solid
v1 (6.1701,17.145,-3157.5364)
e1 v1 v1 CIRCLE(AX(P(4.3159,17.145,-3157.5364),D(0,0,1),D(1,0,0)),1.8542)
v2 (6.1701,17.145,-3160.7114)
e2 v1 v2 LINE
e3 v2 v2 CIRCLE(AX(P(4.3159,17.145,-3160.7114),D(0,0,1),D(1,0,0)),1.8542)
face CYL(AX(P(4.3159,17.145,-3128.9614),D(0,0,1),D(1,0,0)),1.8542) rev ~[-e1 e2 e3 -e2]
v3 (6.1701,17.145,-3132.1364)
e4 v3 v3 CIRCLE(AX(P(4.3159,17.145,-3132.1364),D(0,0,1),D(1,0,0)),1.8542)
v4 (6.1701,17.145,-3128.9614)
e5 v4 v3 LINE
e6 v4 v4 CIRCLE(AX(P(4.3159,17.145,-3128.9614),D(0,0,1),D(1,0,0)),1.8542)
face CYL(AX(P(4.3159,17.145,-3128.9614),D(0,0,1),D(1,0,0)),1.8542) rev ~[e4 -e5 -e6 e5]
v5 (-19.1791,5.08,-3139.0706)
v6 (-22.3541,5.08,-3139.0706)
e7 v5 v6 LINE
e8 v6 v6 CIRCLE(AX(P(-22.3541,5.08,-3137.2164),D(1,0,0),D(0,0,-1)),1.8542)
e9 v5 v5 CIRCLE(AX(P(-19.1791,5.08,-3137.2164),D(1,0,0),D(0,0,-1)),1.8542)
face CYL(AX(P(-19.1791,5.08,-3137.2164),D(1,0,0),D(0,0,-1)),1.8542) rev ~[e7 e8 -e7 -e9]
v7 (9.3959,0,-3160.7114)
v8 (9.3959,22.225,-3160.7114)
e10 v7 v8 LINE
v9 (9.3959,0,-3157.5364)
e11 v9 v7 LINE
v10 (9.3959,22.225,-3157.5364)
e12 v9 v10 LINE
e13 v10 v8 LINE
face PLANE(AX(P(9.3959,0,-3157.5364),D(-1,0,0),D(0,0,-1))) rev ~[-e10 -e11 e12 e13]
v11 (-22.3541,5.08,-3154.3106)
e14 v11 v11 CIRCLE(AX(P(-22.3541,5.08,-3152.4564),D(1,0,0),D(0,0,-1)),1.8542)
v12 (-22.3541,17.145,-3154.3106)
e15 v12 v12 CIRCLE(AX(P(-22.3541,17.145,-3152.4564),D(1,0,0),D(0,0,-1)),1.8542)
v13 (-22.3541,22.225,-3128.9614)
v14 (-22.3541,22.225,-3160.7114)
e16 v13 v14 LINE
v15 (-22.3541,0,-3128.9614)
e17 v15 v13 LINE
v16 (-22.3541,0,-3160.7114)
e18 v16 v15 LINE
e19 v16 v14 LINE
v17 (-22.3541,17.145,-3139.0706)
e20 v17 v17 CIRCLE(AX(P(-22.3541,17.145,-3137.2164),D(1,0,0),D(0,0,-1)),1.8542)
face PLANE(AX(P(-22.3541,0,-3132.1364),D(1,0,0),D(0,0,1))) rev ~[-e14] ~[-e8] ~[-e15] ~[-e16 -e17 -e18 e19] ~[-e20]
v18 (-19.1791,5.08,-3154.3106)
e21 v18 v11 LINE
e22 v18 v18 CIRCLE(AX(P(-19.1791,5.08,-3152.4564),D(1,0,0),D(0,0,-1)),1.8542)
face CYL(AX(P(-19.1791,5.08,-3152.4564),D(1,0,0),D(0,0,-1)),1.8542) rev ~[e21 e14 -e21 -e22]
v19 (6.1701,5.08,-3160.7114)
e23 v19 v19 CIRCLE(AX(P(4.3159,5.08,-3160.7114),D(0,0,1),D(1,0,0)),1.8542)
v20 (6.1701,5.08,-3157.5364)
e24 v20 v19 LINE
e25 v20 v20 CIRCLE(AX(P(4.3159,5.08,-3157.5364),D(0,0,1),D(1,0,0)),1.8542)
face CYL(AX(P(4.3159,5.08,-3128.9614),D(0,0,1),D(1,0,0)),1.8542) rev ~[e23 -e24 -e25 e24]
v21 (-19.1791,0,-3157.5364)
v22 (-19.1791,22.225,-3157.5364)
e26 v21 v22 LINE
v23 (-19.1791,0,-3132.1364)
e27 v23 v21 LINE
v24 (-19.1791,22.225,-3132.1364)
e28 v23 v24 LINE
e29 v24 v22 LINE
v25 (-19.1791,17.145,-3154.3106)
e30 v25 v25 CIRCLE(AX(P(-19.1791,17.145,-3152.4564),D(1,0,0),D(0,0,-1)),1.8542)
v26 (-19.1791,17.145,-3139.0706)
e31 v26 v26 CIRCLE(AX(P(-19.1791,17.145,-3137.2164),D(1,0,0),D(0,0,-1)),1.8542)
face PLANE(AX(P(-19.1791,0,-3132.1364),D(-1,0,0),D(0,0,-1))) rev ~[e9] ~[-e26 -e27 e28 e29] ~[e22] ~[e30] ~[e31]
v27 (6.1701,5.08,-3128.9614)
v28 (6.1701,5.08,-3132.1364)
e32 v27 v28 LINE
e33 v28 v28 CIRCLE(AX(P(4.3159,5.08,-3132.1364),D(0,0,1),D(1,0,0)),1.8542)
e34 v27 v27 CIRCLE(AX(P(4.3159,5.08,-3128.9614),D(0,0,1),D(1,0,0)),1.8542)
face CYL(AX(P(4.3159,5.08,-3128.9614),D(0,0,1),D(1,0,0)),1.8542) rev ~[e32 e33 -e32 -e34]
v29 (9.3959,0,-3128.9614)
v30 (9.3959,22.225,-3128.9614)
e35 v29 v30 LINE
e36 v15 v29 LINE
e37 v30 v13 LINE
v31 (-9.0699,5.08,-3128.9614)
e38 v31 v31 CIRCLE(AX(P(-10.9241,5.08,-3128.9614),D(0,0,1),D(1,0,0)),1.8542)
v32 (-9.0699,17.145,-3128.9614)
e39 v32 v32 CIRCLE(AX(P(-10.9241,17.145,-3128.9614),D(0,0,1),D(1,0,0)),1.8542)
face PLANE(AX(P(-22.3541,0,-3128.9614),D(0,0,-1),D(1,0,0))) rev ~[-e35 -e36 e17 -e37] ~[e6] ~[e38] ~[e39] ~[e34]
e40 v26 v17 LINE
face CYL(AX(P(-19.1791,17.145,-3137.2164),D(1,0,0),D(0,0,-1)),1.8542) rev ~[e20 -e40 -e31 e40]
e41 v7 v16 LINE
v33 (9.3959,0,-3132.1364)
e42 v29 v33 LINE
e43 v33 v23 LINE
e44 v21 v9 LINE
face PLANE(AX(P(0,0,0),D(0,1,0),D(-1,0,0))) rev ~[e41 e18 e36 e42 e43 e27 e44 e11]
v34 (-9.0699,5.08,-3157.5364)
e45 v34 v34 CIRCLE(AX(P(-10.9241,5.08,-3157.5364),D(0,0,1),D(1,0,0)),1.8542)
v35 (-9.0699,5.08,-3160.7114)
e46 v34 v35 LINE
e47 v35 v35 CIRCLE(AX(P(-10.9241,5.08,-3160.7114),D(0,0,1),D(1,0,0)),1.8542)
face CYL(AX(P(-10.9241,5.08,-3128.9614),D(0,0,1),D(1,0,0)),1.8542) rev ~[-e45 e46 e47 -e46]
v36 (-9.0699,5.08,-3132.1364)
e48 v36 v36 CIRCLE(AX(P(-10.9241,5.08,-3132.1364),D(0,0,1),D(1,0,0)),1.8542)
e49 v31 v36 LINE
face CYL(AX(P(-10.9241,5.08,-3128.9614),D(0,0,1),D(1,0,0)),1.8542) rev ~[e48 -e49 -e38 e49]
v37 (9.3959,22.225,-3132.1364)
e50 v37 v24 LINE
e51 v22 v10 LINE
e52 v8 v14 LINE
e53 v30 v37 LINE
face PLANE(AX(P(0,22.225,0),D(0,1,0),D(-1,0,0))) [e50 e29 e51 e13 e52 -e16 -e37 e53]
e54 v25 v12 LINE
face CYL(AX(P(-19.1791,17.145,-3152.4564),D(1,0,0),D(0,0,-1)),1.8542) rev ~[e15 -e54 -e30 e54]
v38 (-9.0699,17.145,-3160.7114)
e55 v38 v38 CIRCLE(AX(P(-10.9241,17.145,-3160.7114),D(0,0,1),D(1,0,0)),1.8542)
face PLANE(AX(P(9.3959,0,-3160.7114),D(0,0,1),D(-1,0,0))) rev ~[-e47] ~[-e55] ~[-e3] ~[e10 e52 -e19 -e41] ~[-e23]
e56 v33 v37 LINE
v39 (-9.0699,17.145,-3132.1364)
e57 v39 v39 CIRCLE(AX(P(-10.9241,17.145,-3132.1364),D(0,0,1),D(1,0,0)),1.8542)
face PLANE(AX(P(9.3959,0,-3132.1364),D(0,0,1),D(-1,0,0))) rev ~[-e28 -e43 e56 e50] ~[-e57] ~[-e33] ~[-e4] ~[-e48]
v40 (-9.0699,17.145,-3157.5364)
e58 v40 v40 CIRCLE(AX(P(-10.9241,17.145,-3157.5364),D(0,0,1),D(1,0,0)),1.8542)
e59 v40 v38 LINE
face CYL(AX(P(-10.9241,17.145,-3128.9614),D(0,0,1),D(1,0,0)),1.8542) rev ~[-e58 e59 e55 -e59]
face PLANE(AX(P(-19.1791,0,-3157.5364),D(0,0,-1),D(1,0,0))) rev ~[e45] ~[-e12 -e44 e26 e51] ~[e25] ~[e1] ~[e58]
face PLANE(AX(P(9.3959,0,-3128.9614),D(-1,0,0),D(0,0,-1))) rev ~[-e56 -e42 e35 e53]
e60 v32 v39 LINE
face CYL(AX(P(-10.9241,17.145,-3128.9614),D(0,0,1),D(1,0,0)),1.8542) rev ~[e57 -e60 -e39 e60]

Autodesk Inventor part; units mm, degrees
ref_plane "YZ Plane" through (0, 0, 0) normal (1, 0, 0) x (0, 1, 0)
ref_plane "XZ Plane" through (0, 0, 0) normal (0, 1, 0) x (-1, 0, 0)
ref_plane "XY Plane" through (0, 0, 0) normal (0, 0, 1) x (1, 0, 0)
sketch "Sketch1" plane through (0, 0, 0) normal (0, 1, 0) x (-1, 0, 0)
  line L0 (22.3541, -3128.9614) -> (-9.3959, -3128.9614)
  line L1 (-9.3959, -3128.9614) -> (-9.3959, -3132.1364)
  line L2 (-9.3959, -3132.1364) -> (22.3541, -3132.1364)
  line L3 (22.3541, -3132.1364) -> (22.3541, -3128.9614)
  line L4 (22.3541, -3128.9614) -> (19.1791, -3128.9614)
  line L5 (19.1791, -3128.9614) -> (19.1791, -3157.5364)
  line L6 (19.1791, -3157.5364) -> (22.3541, -3157.5364)
  line L7 (22.3541, -3157.5364) -> (22.3541, -3128.9614)
  line L8 (22.3541, -3157.5364) -> (-9.3959, -3157.5364)
  line L9 (-9.3959, -3157.5364) -> (-9.3959, -3160.7114)
  line L10 (-9.3959, -3160.7114) -> (22.3541, -3160.7114)
  line L11 (22.3541, -3160.7114) -> (22.3541, -3157.5364)
  point P0 (0, 0)
  point P1 (19.1791, -3132.1364)
  dimension "d0" = 31.75
  dimension "d1" = 3.175
  dimension "d2" = 3.175
  dimension "d4" = 31.75
  dimension "d5" = 3.175
  dimension "d22" = 31.75
extrude "Extrusion1" add sketch "Sketch1" along normal blind 22.225
sketch "Sketch2" plane through (-19.1791, 0, -3132.1364) normal (1, 0, 0) x (0, 0, -1)
  line L0 (-3.175, 0) -> (0, 0) projected
  line L1 (0, 0) -> (0, 22.225) projected
  line L2 (-3.175, 22.225) -> (0, 22.225) projected
  line L3 (-3.175, 0) -> (-3.175, 22.225) projected
  line L4 (25.4, 0) -> (28.575, 0) projected
  line L5 (28.575, 0) -> (28.575, 22.225) projected
  line L6 (25.4, 22.225) -> (28.575, 22.225) projected
  line L7 (25.4, 0) -> (25.4, 22.225) projected
  circle A0 centre (5.08, 17.145) radius 1.8542
  circle A1 centre (20.32, 17.145) radius 1.8542
  circle A2 centre (5.08, 5.08) radius 1.8542
  circle A3 centre (20.32, 5.08) radius 1.8542
  line L8 (0, 22.225) -> (25.4, 22.225) projected
  line L9 (0, 0) -> (25.4, 0) projected
  point P0 (-3132.1364, 0)
  dimension "d8" = 3.7084
  dimension "d9" = 3.7084
  dimension "d10" = 3.7084
  dimension "d11" = 3.7084
  dimension "d12" = 5.08
  dimension "d13" = 5.08
  dimension "d14" = 5.08
  dimension "d15" = 5.08
  dimension "d16" = 5.08
  dimension "d17" = 5.08
  dimension "d18" = 5.08
  dimension "d19" = 5.08
extrude "Extrusion2" cut sketch "Sketch2" against normal blind 25.4 contours A0 | A1 | A2 | A3
sketch "Sketch3" plane through (-22.3541, 0, -3128.9614) normal (0, 0, 1) x (1, 0, 0)
  circle A0 centre (26.67, 17.145) radius 1.8542
  circle A1 centre (11.43, 17.145) radius 1.8542
  circle A2 centre (26.67, 5.08) radius 1.8542
  circle A3 centre (11.43, 5.08) radius 1.8542
  line L0 (0, 0) -> (31.75, 0) projected
  line L1 (31.75, 0) -> (31.75, 22.225) projected
  line L2 (0, 22.225) -> (31.75, 22.225) projected
  line L3 (0, 0) -> (0, 22.225) projected
  point P0 (22.3541, 0)
  dimension "d23" = 3.7084
  dimension "d24" = 3.7084
  dimension "d25" = 3.7084
  dimension "d26" = 3.7084
  dimension "d27" = 5.08
  dimension "d28" = 5.08
  dimension "d29" = 11.43
  dimension "d30" = 11.43
  dimension "d31" = 5.08
  dimension "d32" = 5.08
  dimension "d33" = 5.08
  dimension "d34" = 5.08
extrude "Extrusion3" cut sketch "Sketch3" against normal blind 50.8 contours A0 | A1 | A2 | A3
equation "\"d4\" = d0"
equation "\"d13\" = d12"
equation "\"d14\" = d12"
equation "\"d15\" = d12"
equation "\"d17\" = d16"
equation "\"d18\" = d16"
equation "\"d19\" = d16"
equation "\"d28\" = d27"
equation "\"d30\" = d29"
equation "\"d32\" = d31"
equation "\"d33\" = d31"
equation "\"d34\" = d31"
properties part number "connector"
